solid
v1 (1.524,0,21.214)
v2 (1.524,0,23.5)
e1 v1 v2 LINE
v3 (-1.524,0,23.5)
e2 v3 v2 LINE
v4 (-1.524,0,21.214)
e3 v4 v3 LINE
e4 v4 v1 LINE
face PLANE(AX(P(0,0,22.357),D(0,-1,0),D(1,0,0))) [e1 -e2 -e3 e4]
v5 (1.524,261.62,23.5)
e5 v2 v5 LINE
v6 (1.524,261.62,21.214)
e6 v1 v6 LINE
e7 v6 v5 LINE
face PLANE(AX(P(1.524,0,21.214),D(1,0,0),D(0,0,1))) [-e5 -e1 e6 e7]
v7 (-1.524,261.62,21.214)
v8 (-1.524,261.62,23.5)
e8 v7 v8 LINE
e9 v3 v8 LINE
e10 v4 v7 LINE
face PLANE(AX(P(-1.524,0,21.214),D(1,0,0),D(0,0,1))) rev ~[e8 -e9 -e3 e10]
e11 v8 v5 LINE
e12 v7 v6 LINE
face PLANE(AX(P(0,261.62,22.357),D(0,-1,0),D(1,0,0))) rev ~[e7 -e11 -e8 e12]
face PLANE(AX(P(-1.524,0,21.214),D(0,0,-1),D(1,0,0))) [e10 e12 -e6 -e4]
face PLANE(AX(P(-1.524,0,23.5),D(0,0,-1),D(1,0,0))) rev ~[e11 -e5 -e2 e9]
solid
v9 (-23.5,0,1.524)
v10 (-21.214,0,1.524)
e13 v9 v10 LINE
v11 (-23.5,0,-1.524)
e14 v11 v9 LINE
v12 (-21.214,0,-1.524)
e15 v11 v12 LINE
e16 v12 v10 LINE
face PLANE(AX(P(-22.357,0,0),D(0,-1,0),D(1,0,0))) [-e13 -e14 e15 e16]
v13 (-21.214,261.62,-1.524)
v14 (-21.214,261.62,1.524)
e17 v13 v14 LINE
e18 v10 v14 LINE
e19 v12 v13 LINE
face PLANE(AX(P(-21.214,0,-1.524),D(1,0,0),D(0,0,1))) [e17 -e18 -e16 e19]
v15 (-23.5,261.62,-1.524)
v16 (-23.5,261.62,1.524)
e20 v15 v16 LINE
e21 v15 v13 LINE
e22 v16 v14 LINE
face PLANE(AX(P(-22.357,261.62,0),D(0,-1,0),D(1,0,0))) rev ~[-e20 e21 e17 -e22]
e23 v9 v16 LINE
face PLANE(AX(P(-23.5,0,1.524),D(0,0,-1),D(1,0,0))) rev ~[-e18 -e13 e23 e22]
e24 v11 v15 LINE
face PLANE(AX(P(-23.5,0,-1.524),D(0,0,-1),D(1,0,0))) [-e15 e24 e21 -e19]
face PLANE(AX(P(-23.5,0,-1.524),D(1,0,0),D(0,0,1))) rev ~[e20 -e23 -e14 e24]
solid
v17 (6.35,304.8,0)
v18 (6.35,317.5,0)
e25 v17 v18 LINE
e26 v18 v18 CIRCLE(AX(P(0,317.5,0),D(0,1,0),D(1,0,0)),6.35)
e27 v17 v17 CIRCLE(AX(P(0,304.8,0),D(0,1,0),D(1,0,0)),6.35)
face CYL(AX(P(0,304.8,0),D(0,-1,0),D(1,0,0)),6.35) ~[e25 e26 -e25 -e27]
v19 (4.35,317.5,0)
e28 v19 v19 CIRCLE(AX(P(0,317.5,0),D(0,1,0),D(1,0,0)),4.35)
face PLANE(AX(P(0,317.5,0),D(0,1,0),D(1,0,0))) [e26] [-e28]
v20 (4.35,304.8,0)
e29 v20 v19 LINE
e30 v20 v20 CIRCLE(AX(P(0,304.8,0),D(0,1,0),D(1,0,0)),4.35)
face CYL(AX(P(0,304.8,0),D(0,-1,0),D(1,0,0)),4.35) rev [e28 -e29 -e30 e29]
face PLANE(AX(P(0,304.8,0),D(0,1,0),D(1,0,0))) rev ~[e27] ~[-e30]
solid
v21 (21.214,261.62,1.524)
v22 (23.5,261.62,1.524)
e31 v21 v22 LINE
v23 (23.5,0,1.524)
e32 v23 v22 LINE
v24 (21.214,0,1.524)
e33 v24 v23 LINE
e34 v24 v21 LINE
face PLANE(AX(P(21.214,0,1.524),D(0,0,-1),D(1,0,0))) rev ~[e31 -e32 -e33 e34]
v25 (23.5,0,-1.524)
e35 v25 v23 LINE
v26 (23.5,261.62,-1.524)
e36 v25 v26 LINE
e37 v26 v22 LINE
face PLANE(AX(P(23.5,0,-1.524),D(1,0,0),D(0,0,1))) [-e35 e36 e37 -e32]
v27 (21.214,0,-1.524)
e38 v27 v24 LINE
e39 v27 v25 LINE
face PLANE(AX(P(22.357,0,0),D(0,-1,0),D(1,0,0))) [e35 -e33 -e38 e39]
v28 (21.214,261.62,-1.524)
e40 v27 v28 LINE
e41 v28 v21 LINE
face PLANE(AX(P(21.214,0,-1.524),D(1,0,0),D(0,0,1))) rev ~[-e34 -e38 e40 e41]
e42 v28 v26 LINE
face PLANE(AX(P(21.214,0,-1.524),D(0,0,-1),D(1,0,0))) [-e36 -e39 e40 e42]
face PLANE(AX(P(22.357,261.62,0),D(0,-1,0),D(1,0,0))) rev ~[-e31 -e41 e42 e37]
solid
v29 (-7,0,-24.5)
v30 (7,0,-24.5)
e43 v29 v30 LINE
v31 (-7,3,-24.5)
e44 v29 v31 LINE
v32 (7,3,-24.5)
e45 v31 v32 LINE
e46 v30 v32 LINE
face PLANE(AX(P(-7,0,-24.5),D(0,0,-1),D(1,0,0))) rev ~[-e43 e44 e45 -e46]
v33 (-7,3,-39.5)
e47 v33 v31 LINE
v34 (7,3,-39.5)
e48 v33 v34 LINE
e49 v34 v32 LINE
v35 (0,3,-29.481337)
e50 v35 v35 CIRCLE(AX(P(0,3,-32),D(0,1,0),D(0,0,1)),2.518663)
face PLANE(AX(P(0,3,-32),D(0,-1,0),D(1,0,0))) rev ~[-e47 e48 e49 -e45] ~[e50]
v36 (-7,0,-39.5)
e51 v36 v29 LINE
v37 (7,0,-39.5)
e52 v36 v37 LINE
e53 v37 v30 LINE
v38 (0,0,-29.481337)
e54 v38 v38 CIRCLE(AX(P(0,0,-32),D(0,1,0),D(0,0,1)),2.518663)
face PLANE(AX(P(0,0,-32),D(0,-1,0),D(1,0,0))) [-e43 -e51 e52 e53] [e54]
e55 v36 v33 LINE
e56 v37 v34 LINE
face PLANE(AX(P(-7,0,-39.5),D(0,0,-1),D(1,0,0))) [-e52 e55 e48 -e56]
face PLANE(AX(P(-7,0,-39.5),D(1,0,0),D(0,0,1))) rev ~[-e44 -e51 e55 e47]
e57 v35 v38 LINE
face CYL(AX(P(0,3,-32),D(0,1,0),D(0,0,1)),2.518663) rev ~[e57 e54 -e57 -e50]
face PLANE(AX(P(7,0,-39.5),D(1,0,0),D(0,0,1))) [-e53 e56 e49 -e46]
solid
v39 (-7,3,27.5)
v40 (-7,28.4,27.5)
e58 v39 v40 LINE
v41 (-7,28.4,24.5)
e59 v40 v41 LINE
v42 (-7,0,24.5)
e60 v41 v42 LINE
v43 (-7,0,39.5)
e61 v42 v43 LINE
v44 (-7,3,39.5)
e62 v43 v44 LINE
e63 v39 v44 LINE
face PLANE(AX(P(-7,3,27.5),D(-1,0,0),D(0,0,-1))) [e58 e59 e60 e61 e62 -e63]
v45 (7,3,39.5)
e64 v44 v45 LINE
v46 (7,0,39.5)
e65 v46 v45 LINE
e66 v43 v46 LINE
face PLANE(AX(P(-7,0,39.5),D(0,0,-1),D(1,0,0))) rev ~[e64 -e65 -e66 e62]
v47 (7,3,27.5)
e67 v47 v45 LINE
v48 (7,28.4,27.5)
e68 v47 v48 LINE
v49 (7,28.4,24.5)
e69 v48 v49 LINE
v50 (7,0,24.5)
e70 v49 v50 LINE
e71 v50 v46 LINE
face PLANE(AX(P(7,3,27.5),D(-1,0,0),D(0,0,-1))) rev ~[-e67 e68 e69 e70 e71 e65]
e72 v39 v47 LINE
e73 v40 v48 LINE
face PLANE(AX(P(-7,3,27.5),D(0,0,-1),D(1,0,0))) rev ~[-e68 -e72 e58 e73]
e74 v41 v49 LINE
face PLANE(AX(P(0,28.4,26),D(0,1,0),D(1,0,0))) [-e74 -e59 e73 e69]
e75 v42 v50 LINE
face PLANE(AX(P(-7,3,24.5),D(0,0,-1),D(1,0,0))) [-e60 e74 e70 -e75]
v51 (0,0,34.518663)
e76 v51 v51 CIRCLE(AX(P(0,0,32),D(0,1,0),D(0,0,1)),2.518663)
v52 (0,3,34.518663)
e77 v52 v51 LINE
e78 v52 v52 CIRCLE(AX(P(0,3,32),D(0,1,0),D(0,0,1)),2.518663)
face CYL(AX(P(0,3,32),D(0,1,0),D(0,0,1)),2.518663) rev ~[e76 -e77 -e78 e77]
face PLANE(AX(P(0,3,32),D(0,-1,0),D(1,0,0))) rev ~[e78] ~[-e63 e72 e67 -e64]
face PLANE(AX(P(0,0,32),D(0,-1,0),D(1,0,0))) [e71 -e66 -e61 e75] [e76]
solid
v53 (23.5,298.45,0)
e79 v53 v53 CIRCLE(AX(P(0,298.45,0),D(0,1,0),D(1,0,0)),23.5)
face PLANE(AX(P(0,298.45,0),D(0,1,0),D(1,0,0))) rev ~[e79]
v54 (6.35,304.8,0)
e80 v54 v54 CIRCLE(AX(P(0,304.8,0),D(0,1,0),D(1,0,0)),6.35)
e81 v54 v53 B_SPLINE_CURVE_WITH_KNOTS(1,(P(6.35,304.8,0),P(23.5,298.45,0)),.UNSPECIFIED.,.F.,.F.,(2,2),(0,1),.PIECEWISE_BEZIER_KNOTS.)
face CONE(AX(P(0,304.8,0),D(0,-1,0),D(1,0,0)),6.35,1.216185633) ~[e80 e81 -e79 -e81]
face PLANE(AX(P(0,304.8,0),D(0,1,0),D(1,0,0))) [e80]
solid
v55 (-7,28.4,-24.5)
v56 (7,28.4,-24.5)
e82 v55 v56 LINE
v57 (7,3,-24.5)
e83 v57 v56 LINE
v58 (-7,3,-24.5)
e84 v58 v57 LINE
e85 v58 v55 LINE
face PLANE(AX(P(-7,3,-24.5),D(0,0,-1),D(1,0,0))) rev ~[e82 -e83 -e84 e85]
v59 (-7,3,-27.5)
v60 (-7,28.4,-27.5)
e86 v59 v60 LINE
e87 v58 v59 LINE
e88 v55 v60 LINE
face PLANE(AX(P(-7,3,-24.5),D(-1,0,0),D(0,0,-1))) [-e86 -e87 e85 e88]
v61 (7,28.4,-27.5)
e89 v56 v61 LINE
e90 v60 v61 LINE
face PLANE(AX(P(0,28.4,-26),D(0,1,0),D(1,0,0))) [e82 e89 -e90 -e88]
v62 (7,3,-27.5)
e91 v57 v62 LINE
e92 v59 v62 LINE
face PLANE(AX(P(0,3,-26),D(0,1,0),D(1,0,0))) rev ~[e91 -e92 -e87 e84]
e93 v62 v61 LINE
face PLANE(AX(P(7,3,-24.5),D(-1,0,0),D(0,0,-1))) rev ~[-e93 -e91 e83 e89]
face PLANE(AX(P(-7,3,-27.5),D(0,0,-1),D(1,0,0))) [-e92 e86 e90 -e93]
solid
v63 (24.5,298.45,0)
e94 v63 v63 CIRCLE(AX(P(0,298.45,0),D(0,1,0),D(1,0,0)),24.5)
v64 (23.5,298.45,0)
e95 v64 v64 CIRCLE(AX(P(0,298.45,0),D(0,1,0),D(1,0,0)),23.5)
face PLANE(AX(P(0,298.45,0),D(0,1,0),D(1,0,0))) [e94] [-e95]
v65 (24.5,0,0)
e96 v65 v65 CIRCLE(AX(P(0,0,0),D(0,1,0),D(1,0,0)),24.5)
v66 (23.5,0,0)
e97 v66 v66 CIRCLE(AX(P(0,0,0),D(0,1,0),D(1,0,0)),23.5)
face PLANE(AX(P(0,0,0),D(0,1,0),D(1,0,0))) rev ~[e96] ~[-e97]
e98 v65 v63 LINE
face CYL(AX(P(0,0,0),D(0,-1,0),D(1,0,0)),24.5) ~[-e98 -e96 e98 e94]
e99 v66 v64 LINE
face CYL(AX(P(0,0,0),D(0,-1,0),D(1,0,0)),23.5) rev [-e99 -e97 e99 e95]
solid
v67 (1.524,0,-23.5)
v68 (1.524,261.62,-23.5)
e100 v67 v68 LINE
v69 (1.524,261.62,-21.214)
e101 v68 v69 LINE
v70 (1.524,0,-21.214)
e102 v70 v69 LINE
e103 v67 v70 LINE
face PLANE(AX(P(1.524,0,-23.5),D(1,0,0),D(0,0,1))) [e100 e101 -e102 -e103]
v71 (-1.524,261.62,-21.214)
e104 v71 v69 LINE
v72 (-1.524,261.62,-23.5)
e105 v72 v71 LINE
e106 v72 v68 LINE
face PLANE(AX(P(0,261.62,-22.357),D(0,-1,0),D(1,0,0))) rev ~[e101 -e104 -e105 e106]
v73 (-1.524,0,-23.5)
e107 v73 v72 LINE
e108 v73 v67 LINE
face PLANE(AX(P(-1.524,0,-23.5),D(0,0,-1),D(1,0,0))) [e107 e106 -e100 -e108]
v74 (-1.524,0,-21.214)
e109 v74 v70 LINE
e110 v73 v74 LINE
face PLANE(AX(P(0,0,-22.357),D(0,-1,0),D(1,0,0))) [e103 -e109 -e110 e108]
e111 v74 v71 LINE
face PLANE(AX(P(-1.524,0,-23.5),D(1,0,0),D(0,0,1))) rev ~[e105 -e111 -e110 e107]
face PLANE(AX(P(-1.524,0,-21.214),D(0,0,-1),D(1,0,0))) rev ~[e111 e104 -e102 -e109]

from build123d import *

# Parameters (mm, degrees)
SKETCH1_R             = 24.5
SKETCH1_R_2           = 23.5
EXTRUDE_THIN1_DEPTH   = 298.45
SKETCH7_W             = 3.048
SKETCH7_H             = 2.286
BOSS_EXTRUDE1_DEPTH   = 261.62
SKETCH7_W_2           = 2.286
SKETCH7_H_2           = 3.048
BOSS_EXTRUDE1_2_DEPTH = 261.62
BOSS_EXTRUDE1_3_DEPTH = 261.62
BOSS_EXTRUDE1_4_DEPTH = 261.62
SKETCH10_R            = 6.35
SKETCH9_R             = 23.5
SKETCH11_R            = 6.35
SKETCH11_R_2          = 4.35
EXTRUDE_THIN2_DEPTH   = 12.7
SKETCH12_W            = 14
SKETCH12_H            = 15
BOSS_EXTRUDE2_DEPTH   = 3
BOSS_EXTRUDE2_2_DEPTH = 3
SKETCH13_W            = 14
SKETCH13_H            = 3
BOSS_EXTRUDE3_DEPTH   = 25.4
SKETCH14_R            = 2.51866319
CUT_EXTRUDE2_DEPTH    = 3


with BuildPart() as part:
    # Sketch1 → Extrude-Thin1 (new body)
    with BuildSketch(Plane(origin=(0, 0, 0), x_dir=(1, 0, 0), z_dir=(0, 1, 0))):
        Circle(SKETCH1_R)
        Circle(SKETCH1_R_2, mode=Mode.SUBTRACT)
    extrude(amount=EXTRUDE_THIN1_DEPTH)


with BuildPart() as body_2:
    # Sketch7 → Boss-Extrude1 (new body)
    with BuildSketch(Plane.XZ):
        with Locations((0, -22.357)):
            Rectangle(SKETCH7_W, SKETCH7_H)
    extrude(amount=-BOSS_EXTRUDE1_DEPTH)


with BuildPart() as body_3:
    # Sketch7 → Boss-Extrude1 2 (new body)
    with BuildSketch(Plane.XZ):
        with Locations((-22.357, 0)):
            Rectangle(SKETCH7_W_2, SKETCH7_H_2)
    extrude(amount=-BOSS_EXTRUDE1_2_DEPTH)


with BuildPart() as body_4:
    # Sketch7 → Boss-Extrude1 3 (new body)
    with BuildSketch(Plane.XZ):
        with Locations((0, 22.357)):
            Rectangle(SKETCH7_W, SKETCH7_H)
    extrude(amount=-BOSS_EXTRUDE1_3_DEPTH)


with BuildPart() as body_5:
    # Sketch7 → Boss-Extrude1 4 (new body)
    with BuildSketch(Plane.XZ):
        with Locations((22.357, 0)):
            Rectangle(SKETCH7_W_2, SKETCH7_H_2)
    extrude(amount=-BOSS_EXTRUDE1_4_DEPTH)


with BuildPart() as body_6:
    # Sketch10 → Loft1 section 0
    with BuildSketch(Plane(origin=(0, 304.8, 0), x_dir=(1, 0, 0), z_dir=(0, 1, 0))):
        Circle(SKETCH10_R)
    # Sketch9 → Loft1 section 1
    with BuildSketch(Plane(origin=(0, 298.45, 0), x_dir=(1, 0, 0), z_dir=(0, 1, 0))):
        Circle(SKETCH9_R)
    loft()


with BuildPart() as body_7:
    # Sketch11 → Extrude-Thin2 (new body)
    with BuildSketch(Plane(origin=(0, 304.8, 0), x_dir=(1, 0, 0), z_dir=(0, 1, 0))):
        Circle(SKETCH11_R)
        Circle(SKETCH11_R_2, mode=Mode.SUBTRACT)
    extrude(amount=EXTRUDE_THIN2_DEPTH)


with BuildPart() as body_8:
    # Sketch12 → Boss-Extrude2 (new body)
    with BuildSketch(Plane.XZ):
        with Locations((0, 32)):
            Rectangle(SKETCH12_W, SKETCH12_H)
    extrude(amount=-BOSS_EXTRUDE2_DEPTH)

    # Sketch13 → Boss-Extrude3 (add)
    with BuildSketch(Plane(origin=(0, 3, 0), x_dir=(1, 0, 0), z_dir=(0, 1, 0))):
        with Locations((0, -26)):
            Rectangle(SKETCH13_W, SKETCH13_H)
        with Locations((0, 26)):
            Rectangle(SKETCH13_W, SKETCH13_H)
    extrude(amount=BOSS_EXTRUDE3_DEPTH)


with BuildPart() as body_9:
    # Sketch12 → Boss-Extrude2 2 (new body)
    with BuildSketch(Plane.XZ):
        with Locations((0, -32)):
            Rectangle(SKETCH12_W, SKETCH12_H)
    extrude(amount=-BOSS_EXTRUDE2_2_DEPTH)


with BuildPart() as boss_extrude3_piece_1:
    # of the separate pieces the step leaves, piece 1, a body of its own (boss_extrude3_pieces)
    add(body_8.part.solids().sort_by_distance((-7, 0, 39.5))[0])


with BuildPart() as boss_extrude3_piece_2:
    # of the separate pieces the step leaves, piece 2, a body of its own (boss_extrude3_pieces)
    add(body_8.part.solids().sort_by_distance((-7, 3, -24.5))[0])


with BuildPart() as cut_extrude2_tool:
    # Sketch14 → Cut-Extrude2 (new body)
    with BuildSketch(Plane(origin=(0, 3, 0), x_dir=(1, 0, 0), z_dir=(0, 1, 0))):
        with Locations(Location((0, -32, 0), (0, 0, 270))):
            Circle(SKETCH14_R)
        with Locations(Location((0, 32, 0), (0, 0, 270))):
            Circle(SKETCH14_R)
    extrude(amount=-CUT_EXTRUDE2_DEPTH)


with BuildPart() as body_9_1:
    add(body_9.part)

    # Cut-Extrude2: cut by cut_extrude2_tool
    add(cut_extrude2_tool.part, mode=Mode.SUBTRACT)


with BuildPart() as boss_extrude3_piece_1_1:
    add(boss_extrude3_piece_1.part)

    # Cut-Extrude2: cut by cut_extrude2_tool
    add(cut_extrude2_tool.part, mode=Mode.SUBTRACT)


solid = Compound([part.part, body_2.part, body_3.part, body_4.part, body_5.part, body_6.part, body_7.part, boss_extrude3_piece_2.part, body_9_1.part, boss_extrude3_piece_1_1.part])
